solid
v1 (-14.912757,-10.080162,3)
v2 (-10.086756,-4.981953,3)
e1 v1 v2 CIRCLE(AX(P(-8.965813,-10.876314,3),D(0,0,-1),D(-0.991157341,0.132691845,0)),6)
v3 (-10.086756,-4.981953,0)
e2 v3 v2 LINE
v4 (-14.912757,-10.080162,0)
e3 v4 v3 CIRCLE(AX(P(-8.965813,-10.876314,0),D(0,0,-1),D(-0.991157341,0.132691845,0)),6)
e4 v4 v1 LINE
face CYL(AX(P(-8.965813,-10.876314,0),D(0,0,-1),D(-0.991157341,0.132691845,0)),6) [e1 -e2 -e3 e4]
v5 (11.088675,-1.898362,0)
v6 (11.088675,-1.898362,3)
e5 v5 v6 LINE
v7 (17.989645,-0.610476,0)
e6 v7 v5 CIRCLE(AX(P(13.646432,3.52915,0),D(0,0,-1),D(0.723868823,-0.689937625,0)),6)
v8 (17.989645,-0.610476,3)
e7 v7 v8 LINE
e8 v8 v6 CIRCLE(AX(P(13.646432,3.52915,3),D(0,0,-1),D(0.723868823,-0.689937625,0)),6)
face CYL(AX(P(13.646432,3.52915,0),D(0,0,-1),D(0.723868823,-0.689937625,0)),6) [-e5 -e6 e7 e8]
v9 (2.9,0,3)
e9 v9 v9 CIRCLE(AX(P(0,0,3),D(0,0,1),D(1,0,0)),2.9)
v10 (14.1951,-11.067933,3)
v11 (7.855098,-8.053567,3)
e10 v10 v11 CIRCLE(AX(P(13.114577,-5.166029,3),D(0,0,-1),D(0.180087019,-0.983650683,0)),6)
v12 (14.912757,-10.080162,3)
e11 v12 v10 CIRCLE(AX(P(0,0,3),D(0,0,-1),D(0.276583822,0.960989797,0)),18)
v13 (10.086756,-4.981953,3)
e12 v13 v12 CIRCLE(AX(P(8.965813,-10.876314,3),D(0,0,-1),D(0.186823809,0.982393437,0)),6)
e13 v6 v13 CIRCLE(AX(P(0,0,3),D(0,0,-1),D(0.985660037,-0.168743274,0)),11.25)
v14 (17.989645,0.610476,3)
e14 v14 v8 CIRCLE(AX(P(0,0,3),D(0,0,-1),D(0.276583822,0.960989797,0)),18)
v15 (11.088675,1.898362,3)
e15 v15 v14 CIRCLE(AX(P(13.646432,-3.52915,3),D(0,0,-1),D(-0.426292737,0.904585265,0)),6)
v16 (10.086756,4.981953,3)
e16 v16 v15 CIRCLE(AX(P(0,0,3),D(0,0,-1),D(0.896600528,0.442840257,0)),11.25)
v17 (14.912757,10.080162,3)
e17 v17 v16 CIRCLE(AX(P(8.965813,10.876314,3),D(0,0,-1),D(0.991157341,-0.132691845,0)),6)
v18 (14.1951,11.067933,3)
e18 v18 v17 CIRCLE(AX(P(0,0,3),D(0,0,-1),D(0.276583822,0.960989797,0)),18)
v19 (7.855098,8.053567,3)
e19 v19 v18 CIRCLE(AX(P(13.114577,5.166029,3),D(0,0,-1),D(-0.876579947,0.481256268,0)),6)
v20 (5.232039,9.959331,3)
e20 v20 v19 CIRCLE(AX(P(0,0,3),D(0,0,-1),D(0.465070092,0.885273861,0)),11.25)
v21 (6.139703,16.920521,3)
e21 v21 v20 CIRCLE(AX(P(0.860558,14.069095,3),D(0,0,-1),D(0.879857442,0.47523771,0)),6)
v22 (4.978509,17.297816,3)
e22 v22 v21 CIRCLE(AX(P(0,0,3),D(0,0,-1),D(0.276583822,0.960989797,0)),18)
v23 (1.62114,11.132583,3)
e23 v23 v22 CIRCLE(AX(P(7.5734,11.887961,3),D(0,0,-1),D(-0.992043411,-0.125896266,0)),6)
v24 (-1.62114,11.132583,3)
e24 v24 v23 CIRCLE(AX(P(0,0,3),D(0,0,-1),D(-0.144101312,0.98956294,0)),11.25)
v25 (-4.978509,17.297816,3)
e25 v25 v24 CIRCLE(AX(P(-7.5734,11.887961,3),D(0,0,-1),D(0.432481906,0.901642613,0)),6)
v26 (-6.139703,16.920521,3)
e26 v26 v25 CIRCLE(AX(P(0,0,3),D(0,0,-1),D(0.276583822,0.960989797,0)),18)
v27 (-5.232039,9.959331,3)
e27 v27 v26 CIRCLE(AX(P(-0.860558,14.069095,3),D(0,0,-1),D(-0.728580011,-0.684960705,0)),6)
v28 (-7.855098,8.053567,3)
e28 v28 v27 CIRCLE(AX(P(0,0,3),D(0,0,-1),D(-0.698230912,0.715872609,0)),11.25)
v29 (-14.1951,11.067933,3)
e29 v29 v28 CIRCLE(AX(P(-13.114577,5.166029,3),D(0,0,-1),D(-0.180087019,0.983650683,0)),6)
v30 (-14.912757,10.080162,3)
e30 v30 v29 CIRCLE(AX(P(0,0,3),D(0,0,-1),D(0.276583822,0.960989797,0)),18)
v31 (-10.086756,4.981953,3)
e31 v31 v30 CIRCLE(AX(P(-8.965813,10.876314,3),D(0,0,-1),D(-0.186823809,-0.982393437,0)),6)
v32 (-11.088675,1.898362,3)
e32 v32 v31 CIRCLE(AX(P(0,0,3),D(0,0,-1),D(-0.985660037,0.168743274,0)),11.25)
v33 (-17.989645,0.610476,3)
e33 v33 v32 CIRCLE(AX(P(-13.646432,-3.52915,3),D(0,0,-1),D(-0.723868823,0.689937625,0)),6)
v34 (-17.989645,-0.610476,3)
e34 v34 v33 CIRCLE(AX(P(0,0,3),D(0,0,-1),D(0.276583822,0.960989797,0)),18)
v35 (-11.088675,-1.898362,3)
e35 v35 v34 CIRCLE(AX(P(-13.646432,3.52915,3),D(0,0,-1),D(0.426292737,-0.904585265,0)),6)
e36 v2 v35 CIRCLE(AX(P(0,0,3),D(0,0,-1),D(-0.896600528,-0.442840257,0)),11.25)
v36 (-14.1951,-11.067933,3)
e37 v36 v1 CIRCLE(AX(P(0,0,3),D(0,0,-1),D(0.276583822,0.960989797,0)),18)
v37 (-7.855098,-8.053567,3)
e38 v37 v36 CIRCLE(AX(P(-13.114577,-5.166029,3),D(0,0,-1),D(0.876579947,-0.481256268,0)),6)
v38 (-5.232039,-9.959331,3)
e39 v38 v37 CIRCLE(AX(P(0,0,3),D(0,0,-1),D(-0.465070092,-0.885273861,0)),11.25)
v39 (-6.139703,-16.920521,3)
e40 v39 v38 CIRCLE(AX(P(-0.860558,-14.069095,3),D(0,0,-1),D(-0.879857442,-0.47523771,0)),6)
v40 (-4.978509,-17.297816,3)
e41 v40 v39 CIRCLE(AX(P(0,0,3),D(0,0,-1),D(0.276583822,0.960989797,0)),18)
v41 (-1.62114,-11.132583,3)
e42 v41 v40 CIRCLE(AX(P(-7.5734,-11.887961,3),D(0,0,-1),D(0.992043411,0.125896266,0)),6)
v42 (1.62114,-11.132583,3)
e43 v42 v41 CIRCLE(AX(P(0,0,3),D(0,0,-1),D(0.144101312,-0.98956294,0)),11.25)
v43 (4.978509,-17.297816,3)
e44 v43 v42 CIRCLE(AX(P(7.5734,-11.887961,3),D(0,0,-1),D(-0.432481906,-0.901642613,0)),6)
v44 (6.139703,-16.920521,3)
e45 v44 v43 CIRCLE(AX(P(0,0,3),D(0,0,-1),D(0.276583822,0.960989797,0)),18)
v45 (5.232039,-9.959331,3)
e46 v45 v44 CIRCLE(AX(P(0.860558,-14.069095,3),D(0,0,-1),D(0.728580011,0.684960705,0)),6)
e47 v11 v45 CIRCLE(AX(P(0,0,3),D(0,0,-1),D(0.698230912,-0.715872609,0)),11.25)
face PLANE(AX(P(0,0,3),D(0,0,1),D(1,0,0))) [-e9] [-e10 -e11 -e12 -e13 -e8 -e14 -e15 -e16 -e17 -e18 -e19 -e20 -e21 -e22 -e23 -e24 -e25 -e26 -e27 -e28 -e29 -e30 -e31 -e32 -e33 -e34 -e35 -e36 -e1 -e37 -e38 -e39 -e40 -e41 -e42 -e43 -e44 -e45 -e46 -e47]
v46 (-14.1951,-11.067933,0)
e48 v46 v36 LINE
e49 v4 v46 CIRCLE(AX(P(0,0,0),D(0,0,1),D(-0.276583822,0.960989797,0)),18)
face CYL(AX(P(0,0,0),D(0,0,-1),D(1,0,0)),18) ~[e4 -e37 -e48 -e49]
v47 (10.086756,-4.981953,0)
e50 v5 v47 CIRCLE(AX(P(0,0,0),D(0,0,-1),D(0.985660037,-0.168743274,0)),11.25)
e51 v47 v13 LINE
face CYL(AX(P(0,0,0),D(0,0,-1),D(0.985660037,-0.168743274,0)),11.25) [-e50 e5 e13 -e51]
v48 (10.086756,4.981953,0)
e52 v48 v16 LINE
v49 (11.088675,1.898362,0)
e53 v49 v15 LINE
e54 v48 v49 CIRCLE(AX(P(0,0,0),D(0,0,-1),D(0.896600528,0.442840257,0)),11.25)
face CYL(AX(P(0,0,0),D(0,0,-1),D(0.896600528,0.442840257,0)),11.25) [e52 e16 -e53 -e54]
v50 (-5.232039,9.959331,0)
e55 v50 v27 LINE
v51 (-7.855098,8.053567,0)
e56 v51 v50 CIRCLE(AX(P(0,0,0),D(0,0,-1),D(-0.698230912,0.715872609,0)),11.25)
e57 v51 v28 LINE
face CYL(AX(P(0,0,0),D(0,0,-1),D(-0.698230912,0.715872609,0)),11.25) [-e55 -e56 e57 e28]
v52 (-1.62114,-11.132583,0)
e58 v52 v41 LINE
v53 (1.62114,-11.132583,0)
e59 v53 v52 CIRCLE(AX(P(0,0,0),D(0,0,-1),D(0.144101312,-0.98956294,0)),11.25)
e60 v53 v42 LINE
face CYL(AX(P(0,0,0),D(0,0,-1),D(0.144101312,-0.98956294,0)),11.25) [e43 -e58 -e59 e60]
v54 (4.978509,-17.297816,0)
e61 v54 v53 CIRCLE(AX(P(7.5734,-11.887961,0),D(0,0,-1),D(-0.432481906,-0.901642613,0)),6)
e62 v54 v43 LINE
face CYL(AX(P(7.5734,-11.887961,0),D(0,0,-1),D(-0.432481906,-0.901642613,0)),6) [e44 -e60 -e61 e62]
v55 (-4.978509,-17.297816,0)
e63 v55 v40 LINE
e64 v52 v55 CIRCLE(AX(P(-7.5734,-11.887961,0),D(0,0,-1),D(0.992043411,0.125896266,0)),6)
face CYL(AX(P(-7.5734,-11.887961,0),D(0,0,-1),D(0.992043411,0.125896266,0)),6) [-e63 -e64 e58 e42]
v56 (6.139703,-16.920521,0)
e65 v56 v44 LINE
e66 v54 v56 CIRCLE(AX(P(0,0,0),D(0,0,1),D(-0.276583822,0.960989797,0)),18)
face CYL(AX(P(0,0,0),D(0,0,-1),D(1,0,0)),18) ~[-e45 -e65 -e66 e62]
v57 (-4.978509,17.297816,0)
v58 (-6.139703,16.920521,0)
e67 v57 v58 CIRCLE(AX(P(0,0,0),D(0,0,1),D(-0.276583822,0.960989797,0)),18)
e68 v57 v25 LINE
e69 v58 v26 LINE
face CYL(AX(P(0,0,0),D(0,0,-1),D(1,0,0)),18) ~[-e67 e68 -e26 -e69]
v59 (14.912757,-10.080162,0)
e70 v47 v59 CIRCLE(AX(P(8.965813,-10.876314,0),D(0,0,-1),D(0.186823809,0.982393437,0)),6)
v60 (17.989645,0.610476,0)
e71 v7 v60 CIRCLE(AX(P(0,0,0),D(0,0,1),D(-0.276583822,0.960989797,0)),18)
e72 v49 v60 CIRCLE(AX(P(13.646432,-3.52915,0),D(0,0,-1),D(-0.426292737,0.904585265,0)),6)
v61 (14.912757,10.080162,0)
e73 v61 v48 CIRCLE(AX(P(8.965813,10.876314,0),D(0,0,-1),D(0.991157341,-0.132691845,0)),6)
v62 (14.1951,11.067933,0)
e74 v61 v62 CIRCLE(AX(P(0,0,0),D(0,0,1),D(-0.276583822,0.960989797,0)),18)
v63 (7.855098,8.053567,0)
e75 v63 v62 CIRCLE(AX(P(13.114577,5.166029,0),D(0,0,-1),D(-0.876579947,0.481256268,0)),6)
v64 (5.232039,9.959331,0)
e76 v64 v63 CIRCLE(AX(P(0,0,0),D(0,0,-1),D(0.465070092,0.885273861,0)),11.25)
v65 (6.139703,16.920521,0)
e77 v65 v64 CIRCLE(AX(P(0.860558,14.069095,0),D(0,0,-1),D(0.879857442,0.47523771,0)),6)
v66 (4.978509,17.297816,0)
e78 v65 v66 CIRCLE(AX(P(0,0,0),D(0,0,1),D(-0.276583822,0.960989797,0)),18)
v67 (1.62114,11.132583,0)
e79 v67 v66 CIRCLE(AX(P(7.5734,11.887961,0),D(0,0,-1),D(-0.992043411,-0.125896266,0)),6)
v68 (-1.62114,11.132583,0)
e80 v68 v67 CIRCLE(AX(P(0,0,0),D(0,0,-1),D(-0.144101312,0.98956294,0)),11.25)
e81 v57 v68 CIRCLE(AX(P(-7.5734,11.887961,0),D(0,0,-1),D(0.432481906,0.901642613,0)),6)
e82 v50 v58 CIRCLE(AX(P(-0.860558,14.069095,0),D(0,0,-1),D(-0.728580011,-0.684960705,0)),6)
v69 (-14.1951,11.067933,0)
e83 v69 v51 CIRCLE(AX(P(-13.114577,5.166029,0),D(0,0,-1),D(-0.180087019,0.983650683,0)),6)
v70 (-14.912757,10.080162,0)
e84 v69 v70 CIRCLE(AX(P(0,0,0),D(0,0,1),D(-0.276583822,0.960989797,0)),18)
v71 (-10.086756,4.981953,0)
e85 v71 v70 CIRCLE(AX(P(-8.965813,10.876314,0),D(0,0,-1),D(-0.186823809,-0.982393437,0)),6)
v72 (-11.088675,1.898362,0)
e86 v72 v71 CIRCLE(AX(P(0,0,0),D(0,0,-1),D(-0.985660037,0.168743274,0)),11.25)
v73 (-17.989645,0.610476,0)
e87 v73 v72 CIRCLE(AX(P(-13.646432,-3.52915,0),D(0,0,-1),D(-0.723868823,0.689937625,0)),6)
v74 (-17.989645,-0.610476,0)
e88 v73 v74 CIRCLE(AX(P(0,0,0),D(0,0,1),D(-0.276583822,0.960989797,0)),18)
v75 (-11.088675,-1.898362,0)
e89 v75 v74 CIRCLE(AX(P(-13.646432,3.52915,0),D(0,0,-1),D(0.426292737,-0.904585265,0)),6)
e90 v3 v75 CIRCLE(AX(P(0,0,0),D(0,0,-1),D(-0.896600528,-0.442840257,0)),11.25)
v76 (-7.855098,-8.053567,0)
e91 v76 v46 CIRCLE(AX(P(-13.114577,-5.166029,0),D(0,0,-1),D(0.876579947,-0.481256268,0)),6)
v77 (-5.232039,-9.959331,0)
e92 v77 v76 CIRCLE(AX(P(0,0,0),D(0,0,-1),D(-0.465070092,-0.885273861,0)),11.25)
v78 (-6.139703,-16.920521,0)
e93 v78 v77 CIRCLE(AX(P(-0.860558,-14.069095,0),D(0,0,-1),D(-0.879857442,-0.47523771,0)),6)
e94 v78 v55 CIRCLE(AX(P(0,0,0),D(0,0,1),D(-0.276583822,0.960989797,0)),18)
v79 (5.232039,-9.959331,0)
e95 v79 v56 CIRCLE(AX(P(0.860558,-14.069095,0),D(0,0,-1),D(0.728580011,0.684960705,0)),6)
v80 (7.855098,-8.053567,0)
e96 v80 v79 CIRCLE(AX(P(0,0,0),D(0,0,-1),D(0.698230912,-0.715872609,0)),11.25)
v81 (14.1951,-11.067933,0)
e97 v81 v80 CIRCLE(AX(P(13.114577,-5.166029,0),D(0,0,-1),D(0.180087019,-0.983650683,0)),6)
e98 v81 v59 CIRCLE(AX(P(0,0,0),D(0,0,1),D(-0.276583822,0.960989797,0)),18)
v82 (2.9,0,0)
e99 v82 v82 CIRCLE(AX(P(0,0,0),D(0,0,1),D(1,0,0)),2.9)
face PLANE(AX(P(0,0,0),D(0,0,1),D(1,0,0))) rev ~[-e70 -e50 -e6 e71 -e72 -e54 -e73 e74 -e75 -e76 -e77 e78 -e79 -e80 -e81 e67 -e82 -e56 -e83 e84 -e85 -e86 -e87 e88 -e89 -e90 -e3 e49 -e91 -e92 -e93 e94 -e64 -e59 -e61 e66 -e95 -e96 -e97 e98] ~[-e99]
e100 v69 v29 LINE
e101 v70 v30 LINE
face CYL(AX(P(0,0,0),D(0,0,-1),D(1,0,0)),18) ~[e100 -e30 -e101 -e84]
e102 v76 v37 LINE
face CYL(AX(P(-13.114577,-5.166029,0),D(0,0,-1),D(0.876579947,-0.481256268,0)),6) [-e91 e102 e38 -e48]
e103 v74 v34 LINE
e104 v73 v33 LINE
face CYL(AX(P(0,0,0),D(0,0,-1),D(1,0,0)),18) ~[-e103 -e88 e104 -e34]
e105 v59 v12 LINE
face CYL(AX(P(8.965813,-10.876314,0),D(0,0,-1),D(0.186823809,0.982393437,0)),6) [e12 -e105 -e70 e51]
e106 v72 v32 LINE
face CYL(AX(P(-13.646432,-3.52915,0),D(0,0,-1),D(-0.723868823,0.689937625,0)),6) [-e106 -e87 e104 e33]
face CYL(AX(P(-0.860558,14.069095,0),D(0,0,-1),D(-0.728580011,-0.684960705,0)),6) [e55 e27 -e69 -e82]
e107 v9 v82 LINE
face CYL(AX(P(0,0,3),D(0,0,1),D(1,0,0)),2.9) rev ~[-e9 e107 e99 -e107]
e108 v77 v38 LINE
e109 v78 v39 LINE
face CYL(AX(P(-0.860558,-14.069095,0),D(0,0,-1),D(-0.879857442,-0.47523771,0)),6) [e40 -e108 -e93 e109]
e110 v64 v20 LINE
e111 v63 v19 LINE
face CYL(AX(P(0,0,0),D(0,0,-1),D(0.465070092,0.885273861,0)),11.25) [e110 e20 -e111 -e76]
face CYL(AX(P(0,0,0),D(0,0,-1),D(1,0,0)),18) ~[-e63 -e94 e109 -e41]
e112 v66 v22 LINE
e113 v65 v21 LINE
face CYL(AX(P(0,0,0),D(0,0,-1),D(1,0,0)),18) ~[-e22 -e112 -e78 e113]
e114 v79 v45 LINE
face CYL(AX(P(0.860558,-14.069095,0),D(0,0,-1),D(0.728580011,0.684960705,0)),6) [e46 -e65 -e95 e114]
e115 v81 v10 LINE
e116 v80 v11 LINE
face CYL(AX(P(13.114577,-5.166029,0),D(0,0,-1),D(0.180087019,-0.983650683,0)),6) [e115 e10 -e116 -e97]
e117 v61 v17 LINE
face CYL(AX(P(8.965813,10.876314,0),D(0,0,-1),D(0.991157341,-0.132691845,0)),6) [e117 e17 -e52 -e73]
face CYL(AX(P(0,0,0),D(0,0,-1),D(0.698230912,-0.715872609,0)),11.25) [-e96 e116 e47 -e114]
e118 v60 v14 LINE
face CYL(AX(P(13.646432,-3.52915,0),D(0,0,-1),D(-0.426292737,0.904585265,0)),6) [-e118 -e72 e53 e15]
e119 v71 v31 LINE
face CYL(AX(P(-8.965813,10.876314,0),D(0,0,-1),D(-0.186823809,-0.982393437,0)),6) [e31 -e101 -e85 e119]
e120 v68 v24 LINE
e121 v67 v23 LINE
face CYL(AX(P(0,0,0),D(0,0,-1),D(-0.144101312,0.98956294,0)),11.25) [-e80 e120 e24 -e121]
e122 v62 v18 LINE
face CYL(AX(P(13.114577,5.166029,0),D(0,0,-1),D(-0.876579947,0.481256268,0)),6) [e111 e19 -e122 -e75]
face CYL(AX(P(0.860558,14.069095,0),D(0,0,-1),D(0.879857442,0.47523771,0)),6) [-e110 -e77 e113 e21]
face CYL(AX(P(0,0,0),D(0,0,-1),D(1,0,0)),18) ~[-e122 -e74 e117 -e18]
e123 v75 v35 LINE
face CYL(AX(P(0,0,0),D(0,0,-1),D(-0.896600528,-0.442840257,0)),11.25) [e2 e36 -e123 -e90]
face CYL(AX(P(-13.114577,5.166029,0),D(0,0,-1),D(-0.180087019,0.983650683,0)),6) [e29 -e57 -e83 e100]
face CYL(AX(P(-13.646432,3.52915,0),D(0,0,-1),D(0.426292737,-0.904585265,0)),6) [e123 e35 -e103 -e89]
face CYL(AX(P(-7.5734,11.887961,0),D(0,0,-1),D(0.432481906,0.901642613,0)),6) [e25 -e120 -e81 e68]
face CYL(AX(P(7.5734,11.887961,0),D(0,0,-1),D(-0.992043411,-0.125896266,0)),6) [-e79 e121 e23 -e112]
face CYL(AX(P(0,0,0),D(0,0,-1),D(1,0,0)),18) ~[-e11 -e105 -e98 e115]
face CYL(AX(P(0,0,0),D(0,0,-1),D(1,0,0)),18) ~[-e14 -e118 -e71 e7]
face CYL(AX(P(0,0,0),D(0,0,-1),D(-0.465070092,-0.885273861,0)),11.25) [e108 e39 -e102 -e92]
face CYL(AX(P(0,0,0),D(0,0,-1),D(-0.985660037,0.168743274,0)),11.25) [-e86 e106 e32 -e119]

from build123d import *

# Parameters (mm, degrees)
SKETCH1_R           = 18
BOSS_EXTRUDE1_DEPTH = 3
CUT_EXTRUDE2_START  = -3
CUT_EXTRUDE2_DEPTH  = 3
CIRPATTERN1_COUNT   = 10
SKETCH5_R           = 2.9
CUT_EXTRUDE4_DEPTH  = 26.143875003


with BuildPart() as part:
    # Sketch1 → Boss-Extrude1 (new body)
    with BuildSketch(Plane.XY):
        Circle(SKETCH1_R)
    extrude(amount=BOSS_EXTRUDE1_DEPTH)

    # Sketch2 → Cut-Extrude2 (cut)
    with BuildSketch(Plane.XY.offset(3).offset(CUT_EXTRUDE2_START)):
        with BuildLine():
            ThreePointArc((-4.978508794, 17.297816342), (-2.304057127, 14.757459448), (-1.621139762, 11.132583073))
            ThreePointArc((-1.621139762, 11.132583073), (0, 11.25), (1.621139762, 11.132583073))
            ThreePointArc((1.621139762, 11.132583073), (2.304057127, 14.757459448), (4.978508794, 17.297816342))
            ThreePointArc((4.978508794, 17.297816342), (0, 18), (-4.978508794, 17.297816342))
        make_face()
    cut_extrude2 = extrude(amount=CUT_EXTRUDE2_DEPTH, mode=Mode.SUBTRACT)

    # CirPattern1: Cut-Extrude2 ×10 about axis
    cirpattern1_axis = Axis((0, 0, 0), (0, 0, 1))
    for i in range(1, CIRPATTERN1_COUNT):
        add(cut_extrude2.rotate(cirpattern1_axis, i * 360 / CIRPATTERN1_COUNT), mode=Mode.SUBTRACT)

    # Sketch5 → Cut-Extrude4 (cut, through all)
    with BuildSketch(Plane.XY.offset(3)):
        Circle(SKETCH5_R)
    extrude(amount=-CUT_EXTRUDE4_DEPTH, mode=Mode.SUBTRACT)


solid = part.part
